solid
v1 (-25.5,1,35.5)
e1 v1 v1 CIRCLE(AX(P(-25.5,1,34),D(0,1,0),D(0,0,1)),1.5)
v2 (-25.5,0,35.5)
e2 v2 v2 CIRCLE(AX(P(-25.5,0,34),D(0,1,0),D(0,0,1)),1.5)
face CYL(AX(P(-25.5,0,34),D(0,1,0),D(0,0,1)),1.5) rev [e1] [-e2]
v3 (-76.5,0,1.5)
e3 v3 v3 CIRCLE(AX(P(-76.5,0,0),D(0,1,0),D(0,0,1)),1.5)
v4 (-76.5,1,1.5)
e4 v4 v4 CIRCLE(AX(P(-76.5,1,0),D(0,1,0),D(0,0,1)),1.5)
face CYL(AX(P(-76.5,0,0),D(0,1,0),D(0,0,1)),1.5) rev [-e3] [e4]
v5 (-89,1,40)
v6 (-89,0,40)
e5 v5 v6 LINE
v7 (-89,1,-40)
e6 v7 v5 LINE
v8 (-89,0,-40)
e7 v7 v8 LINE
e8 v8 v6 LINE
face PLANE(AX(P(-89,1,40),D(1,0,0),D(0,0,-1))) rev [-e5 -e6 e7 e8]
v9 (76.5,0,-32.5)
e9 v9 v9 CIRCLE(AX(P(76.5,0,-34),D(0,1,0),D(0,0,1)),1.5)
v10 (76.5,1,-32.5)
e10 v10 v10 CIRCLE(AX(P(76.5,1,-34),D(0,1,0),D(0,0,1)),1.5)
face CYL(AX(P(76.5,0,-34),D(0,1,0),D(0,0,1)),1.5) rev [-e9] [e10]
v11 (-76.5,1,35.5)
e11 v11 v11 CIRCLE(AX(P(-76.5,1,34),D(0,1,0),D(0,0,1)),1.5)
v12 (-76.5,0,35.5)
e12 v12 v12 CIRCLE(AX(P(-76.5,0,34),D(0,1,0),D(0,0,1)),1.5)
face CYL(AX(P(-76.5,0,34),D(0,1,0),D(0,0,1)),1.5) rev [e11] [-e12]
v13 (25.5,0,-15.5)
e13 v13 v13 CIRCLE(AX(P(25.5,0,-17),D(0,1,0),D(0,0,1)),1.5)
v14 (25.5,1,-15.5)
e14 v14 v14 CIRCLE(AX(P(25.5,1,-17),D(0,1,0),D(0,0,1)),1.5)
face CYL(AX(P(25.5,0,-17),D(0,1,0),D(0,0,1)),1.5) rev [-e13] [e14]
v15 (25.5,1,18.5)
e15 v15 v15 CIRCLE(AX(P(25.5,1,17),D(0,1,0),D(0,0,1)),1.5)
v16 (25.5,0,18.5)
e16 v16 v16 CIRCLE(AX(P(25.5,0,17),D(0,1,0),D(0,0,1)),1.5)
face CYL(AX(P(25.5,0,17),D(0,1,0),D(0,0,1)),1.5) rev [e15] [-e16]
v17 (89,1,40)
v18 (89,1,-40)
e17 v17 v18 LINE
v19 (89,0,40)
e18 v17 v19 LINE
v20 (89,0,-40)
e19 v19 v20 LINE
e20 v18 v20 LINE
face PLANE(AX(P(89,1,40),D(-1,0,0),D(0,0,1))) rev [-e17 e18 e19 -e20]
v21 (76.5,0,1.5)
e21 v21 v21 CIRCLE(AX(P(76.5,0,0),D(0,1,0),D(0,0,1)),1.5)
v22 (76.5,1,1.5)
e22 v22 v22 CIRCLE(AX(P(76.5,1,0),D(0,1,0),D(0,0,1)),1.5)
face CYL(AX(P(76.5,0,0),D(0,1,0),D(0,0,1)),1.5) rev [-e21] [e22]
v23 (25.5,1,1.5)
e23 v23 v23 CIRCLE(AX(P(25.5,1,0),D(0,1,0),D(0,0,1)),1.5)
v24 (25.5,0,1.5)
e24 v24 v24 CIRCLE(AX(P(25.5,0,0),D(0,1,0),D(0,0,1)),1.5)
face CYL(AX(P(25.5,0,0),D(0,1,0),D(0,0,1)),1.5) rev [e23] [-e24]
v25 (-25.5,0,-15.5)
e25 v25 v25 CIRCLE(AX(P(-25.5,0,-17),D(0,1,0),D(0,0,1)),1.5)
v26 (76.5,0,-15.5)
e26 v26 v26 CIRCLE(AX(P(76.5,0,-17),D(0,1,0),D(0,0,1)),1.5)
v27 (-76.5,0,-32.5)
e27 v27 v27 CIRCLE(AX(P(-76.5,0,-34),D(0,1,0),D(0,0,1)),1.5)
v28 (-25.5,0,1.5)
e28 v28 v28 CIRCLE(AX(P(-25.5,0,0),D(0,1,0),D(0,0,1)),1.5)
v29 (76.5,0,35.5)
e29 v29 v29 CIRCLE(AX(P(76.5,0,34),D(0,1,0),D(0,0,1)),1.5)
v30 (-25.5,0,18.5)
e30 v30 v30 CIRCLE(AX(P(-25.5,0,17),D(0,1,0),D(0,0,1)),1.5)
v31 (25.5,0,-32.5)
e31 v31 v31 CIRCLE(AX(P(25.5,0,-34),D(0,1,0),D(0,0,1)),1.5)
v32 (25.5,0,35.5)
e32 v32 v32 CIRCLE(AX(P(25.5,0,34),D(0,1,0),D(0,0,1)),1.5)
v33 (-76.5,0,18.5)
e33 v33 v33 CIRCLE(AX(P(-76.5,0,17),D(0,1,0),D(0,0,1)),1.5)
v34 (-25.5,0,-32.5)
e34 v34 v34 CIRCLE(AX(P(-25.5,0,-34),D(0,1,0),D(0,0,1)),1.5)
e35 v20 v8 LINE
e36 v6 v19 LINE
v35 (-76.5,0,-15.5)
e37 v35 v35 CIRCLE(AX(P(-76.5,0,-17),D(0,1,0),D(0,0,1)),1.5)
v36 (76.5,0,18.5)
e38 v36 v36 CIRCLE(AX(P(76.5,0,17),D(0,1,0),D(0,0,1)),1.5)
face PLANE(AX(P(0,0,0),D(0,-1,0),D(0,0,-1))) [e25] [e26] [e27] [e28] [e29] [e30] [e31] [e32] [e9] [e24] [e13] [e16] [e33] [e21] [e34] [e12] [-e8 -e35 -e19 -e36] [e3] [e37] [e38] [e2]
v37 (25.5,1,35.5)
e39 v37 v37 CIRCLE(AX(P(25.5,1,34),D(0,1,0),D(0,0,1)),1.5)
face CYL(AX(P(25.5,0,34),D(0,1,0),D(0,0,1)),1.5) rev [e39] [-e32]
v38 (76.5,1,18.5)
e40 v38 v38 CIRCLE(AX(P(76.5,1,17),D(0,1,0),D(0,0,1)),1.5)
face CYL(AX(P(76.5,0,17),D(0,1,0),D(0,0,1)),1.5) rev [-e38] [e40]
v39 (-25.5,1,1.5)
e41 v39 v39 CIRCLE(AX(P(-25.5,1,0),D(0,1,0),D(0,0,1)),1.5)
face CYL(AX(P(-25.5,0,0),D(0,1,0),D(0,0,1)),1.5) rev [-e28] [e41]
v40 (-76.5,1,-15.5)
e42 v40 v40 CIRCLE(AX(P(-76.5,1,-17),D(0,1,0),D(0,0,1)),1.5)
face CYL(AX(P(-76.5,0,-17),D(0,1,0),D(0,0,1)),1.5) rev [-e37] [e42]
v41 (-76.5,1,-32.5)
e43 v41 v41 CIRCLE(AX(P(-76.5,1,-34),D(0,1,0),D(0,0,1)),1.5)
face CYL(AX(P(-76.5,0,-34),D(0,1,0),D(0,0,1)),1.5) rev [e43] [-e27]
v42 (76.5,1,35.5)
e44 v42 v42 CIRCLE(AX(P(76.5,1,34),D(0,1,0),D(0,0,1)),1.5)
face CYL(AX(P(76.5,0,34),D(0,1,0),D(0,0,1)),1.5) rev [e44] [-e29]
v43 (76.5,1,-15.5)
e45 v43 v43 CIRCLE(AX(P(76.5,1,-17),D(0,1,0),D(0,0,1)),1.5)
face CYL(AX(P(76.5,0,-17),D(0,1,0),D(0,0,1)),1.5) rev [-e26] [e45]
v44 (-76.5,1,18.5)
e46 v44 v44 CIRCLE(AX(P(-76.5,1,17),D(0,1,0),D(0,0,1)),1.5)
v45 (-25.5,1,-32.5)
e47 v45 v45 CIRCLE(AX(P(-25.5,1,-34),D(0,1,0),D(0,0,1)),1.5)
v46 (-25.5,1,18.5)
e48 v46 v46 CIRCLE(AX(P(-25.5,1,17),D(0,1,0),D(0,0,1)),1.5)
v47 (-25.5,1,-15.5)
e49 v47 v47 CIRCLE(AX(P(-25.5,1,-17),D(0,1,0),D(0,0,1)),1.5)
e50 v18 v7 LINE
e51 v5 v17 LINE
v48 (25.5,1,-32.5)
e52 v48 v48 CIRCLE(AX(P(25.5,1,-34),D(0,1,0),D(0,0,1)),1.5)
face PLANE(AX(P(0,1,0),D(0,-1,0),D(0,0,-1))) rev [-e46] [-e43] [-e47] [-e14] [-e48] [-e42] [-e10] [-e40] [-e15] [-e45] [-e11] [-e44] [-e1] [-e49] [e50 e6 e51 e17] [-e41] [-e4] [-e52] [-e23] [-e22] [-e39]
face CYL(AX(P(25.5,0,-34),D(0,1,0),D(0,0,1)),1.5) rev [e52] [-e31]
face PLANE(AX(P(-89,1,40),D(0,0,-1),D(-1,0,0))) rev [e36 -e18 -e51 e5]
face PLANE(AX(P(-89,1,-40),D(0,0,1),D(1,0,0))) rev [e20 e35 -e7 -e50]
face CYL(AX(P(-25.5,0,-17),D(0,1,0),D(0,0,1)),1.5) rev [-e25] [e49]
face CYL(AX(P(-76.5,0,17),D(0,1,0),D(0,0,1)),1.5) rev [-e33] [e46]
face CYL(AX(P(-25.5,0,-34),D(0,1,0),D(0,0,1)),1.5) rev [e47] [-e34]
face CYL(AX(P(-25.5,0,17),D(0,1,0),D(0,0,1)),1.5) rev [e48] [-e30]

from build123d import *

# Parameters (mm, degrees)
SKETCH1_W           = 178
SKETCH1_H           = 80
BOSS_EXTRUDE1_DEPTH = 1
SKETCH2_R           = 1.5
CUT_EXTRUDE1_DEPTH  = 1


with BuildPart() as part:
    # Sketch1 → Boss-Extrude1 (new body)
    with BuildSketch(Plane(origin=(0, 0, 0), x_dir=(1, 0, 0), z_dir=(0, 1, 0))):
        Rectangle(SKETCH1_W, SKETCH1_H)
    extrude(amount=BOSS_EXTRUDE1_DEPTH)

    # Sketch2 → Cut-Extrude1 (cut)
    with BuildSketch(Plane(origin=(0, 1, 0), x_dir=(1, 0, 0), z_dir=(0, 1, 0))):
        with Locations(Location((-76.5, 34, 0), (0, 0, 270))):
            Circle(SKETCH2_R)
        with Locations(Location((-76.5, 17, 0), (0, 0, 270))):
            Circle(SKETCH2_R)
        with Locations(Location((-76.5, 0, 0), (0, 0, 270))):
            Circle(SKETCH2_R)
        with Locations(Location((-76.5, -17, 0), (0, 0, 270))):
            Circle(SKETCH2_R)
        with Locations(Location((-76.5, -34, 0), (0, 0, 270))):
            Circle(SKETCH2_R)
        with Locations(Location((-25.5, 34, 0), (0, 0, 270))):
            Circle(SKETCH2_R)
        with Locations(Location((-25.5, 17, 0), (0, 0, 270))):
            Circle(SKETCH2_R)
        with Locations(Location((-25.5, 0, 0), (0, 0, 270))):
            Circle(SKETCH2_R)
        with Locations(Location((-25.5, -17, 0), (0, 0, 270))):
            Circle(SKETCH2_R)
        with Locations(Location((-25.5, -34, 0), (0, 0, 270))):
            Circle(SKETCH2_R)
        with Locations(Location((25.5, 34, 0), (0, 0, 270))):
            Circle(SKETCH2_R)
        with Locations(Location((25.5, 17, 0), (0, 0, 270))):
            Circle(SKETCH2_R)
        with Locations(Location((25.5, 0, 0), (0, 0, 270))):
            Circle(SKETCH2_R)
        with Locations(Location((25.5, -17, 0), (0, 0, 270))):
            Circle(SKETCH2_R)
        with Locations(Location((25.5, -34, 0), (0, 0, 270))):
            Circle(SKETCH2_R)
        with Locations(Location((76.5, 34, 0), (0, 0, 270))):
            Circle(SKETCH2_R)
        with Locations(Location((76.5, 17, 0), (0, 0, 270))):
            Circle(SKETCH2_R)
        with Locations(Location((76.5, 0, 0), (0, 0, 270))):
            Circle(SKETCH2_R)
        with Locations(Location((76.5, -17, 0), (0, 0, 270))):
            Circle(SKETCH2_R)
        with Locations(Location((76.5, -34, 0), (0, 0, 270))):
            Circle(SKETCH2_R)
    extrude(amount=-CUT_EXTRUDE1_DEPTH, mode=Mode.SUBTRACT)


solid = part.part
